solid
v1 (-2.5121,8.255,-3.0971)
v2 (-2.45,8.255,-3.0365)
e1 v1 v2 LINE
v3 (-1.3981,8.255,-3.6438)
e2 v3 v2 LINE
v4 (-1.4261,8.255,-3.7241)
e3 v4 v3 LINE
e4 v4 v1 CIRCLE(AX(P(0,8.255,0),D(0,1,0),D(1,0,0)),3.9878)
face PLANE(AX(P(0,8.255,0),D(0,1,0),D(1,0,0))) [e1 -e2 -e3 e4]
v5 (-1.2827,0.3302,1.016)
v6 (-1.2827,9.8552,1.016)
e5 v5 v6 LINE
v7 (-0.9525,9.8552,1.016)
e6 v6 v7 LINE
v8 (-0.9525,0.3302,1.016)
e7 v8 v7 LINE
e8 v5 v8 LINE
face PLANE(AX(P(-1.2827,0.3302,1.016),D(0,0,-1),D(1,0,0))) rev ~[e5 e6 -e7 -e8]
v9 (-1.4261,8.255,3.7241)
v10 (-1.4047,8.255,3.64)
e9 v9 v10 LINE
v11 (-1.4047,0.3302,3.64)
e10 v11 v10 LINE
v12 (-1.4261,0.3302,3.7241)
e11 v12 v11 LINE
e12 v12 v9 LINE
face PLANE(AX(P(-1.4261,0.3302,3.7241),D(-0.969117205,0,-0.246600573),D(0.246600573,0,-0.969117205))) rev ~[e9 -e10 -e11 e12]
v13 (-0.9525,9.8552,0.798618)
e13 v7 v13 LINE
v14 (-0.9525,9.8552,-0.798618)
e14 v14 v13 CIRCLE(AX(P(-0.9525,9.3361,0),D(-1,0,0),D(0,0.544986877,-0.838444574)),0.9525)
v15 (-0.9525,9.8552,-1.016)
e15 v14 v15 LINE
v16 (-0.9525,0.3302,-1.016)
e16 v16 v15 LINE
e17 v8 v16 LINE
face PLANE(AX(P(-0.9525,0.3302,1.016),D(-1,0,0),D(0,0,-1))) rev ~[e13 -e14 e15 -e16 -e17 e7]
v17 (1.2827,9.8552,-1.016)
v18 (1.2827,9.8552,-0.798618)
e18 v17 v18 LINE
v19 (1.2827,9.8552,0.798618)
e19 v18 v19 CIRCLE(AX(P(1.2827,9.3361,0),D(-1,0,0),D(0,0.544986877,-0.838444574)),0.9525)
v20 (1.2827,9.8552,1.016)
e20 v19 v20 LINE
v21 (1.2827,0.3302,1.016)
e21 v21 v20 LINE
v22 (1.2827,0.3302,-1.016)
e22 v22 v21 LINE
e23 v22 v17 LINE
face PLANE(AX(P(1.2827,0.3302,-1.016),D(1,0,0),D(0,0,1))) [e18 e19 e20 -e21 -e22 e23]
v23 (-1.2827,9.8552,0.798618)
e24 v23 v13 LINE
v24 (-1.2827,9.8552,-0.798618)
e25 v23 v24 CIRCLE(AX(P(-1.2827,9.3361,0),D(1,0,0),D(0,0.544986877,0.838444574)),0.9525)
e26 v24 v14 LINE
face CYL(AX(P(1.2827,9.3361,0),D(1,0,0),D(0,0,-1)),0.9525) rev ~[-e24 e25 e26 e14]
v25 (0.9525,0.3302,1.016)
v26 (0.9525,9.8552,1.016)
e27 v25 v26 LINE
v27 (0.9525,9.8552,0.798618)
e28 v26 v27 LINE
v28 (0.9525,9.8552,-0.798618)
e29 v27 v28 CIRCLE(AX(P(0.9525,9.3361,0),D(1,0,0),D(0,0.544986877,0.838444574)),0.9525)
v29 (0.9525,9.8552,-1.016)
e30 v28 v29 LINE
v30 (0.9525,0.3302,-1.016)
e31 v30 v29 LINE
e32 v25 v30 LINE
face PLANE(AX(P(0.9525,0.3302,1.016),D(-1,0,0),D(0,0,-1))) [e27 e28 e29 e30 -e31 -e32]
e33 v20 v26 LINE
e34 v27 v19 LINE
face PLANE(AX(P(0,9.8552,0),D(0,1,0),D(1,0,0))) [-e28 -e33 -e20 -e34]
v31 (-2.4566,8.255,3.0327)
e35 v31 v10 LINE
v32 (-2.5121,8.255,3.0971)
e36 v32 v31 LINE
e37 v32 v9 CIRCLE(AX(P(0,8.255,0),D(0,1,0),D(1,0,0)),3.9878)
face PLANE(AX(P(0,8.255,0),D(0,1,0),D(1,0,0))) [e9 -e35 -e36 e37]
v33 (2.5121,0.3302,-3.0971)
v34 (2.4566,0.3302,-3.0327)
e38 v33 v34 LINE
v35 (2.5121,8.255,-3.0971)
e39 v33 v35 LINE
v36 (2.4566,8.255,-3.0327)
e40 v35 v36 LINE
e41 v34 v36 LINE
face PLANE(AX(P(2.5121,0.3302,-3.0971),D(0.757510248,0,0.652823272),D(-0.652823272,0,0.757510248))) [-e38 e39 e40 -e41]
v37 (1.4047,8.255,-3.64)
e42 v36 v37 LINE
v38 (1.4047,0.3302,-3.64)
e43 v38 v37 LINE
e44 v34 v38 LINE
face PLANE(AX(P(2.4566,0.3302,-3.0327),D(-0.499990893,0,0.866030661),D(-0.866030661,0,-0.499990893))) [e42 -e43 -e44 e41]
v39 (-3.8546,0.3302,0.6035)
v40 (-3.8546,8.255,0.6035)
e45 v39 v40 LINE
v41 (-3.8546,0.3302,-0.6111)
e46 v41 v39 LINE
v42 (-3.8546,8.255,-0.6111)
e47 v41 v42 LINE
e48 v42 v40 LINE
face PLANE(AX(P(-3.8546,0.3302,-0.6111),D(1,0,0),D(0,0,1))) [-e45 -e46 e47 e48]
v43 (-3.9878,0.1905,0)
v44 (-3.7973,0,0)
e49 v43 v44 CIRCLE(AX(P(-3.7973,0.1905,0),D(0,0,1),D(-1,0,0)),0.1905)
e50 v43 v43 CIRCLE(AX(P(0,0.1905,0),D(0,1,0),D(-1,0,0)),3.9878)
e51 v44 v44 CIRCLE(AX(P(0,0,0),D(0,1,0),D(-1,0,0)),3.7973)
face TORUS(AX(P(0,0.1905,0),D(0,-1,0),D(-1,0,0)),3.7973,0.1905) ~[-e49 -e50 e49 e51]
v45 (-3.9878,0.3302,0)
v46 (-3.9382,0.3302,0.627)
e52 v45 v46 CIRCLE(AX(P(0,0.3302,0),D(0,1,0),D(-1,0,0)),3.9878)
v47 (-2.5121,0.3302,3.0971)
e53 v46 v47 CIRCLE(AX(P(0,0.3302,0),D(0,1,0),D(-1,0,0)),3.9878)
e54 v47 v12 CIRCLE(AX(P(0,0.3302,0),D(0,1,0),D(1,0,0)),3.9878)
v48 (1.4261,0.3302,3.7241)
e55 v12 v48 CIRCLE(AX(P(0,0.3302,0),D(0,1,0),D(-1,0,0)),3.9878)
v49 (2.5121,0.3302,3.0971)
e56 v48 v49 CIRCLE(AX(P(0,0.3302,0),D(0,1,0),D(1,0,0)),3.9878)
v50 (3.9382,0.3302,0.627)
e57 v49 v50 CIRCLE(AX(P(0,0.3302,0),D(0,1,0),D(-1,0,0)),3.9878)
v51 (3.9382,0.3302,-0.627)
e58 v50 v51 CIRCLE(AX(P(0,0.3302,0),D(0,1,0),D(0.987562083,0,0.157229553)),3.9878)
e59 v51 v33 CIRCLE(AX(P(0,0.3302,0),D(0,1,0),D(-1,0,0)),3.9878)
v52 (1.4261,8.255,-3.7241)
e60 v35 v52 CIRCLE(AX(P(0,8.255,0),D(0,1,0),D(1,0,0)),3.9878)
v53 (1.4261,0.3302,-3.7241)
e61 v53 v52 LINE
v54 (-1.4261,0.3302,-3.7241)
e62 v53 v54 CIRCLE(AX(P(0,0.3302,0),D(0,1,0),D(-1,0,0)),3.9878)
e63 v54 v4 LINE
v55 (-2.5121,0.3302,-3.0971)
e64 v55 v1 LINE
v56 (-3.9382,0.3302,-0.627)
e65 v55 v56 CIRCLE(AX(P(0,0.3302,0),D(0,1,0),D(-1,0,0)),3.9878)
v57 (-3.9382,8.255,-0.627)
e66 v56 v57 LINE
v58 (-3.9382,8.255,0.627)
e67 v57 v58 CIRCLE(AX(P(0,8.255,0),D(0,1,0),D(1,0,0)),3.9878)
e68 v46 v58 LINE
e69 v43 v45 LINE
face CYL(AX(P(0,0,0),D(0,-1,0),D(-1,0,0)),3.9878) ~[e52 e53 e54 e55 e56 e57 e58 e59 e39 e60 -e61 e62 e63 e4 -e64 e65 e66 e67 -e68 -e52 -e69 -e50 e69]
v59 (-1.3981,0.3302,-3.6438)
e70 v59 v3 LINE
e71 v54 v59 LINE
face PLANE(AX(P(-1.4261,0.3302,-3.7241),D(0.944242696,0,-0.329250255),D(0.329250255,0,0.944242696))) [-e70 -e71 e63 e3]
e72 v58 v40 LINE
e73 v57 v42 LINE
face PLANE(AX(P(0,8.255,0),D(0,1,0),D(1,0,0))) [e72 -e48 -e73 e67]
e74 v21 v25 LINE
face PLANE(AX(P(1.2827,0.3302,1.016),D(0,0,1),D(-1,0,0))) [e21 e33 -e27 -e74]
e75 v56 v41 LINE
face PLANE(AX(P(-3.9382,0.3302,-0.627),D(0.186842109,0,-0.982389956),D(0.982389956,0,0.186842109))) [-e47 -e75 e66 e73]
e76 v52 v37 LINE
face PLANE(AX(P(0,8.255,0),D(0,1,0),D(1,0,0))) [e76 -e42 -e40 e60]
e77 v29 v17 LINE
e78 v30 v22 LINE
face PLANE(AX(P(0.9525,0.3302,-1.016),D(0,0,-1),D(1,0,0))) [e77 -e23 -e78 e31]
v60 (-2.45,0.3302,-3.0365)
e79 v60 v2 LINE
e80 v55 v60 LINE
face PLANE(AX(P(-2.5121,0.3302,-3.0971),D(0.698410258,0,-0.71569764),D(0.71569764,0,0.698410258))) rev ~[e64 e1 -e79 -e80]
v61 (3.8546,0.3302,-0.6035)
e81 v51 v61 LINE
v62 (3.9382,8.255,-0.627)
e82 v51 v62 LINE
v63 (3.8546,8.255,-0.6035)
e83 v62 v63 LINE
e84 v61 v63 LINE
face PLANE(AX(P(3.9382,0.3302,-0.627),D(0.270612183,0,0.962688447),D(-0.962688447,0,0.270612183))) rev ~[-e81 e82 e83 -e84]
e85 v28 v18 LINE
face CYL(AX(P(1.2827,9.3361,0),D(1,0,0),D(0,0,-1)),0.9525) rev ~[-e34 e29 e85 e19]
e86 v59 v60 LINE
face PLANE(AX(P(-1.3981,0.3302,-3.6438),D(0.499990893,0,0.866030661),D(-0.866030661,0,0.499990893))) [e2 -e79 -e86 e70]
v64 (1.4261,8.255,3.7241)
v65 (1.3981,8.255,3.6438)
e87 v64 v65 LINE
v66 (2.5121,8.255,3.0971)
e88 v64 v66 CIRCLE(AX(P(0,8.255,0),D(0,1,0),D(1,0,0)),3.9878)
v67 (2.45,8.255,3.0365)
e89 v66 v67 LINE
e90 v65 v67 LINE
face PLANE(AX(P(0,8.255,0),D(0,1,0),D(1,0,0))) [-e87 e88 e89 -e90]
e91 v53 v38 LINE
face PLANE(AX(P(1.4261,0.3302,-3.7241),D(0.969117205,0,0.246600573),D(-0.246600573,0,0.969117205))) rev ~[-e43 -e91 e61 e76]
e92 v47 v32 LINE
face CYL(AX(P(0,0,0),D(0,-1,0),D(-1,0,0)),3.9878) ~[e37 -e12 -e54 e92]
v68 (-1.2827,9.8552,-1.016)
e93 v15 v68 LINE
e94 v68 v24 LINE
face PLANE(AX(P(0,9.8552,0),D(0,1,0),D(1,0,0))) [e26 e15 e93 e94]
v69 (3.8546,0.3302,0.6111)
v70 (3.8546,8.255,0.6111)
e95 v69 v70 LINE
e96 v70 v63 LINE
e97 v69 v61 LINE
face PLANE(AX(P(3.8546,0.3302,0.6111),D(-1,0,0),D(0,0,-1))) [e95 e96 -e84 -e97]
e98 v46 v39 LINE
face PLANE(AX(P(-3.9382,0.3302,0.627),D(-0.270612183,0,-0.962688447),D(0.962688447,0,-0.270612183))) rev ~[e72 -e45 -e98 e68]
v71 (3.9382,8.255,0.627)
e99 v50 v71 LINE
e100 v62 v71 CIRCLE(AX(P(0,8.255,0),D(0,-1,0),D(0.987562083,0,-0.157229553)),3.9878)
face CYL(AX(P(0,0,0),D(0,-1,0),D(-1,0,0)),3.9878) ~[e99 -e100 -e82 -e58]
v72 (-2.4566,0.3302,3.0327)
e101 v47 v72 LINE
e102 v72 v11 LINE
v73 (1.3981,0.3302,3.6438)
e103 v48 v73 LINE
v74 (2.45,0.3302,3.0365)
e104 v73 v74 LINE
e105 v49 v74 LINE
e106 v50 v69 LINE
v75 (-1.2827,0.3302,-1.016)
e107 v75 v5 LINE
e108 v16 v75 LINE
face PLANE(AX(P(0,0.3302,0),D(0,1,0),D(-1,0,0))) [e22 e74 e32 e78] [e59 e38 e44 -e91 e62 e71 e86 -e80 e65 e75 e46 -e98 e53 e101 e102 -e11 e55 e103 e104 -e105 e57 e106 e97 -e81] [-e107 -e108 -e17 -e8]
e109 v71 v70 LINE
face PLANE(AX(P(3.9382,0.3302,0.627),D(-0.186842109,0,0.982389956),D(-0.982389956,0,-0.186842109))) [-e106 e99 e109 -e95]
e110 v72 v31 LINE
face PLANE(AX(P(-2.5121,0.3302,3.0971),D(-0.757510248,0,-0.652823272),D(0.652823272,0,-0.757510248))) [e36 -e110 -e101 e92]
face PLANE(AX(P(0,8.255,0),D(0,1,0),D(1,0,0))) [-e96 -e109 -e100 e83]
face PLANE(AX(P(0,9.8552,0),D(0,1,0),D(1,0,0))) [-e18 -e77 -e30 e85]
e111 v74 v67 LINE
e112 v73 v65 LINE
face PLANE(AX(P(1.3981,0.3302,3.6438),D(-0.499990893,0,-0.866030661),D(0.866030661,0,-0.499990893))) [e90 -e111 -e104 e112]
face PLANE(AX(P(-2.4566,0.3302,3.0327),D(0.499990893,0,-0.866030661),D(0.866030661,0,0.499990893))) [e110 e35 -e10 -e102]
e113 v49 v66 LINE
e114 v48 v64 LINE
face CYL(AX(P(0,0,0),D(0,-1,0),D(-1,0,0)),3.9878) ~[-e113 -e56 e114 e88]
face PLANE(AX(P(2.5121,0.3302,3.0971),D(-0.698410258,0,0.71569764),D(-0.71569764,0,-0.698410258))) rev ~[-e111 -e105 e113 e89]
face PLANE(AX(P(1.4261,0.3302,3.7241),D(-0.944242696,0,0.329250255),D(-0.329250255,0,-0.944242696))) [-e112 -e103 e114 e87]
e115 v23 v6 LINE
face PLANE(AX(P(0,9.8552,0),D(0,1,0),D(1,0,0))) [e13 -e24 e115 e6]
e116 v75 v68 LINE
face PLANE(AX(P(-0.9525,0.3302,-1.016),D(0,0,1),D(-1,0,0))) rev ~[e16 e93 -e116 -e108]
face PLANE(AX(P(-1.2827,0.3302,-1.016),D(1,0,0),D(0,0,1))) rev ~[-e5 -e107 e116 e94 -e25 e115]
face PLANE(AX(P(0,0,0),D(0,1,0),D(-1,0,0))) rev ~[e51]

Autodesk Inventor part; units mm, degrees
ref_plane "YZ Plane" through (0, 0, 0) normal (1, 0, 0) x (0, 1, 0)
ref_plane "XZ Plane" through (0, 0, 0) normal (0, 1, 0) x (-1, 0, 0)
ref_plane "XY Plane" through (0, 0, 0) normal (0, 0, 1) x (1, 0, 0)
sketch "Sketch1" plane through (0, 0, 0) normal (0, 1, 0) x (-1, 0, 0)
  circle A0 centre (0, 0) radius 3.9878
  dimension "d0" = 7.9756
extrude "Extrusion1" add sketch "Sketch1" along normal blind 0.3302
sketch "Sketch2" plane through (0, 0.3302, 0) normal (0, 1, 0) x (1, 0, 0)
  circle A0 centre (0, 0) radius 3.9878 projected
  arc A1 (-3.9382, 0.627) -> (-3.9382, -0.627) centre (0, 0) ccw
  line L0 (-3.9382, -0.627) -> (-3.9382, 0.627) construction
  line L1 (-3.9382, -0.627) -> (-2.6841, -0.627) construction
  line L2 (-3.9382, -0.627) -> (-3.8546, -0.6035)
  line L3 (-3.9382, 0.627) -> (-3.8546, 0.6111)
  line L4 (-3.8546, 0.6111) -> (-3.8546, -0.6035)
  line L5 (-2.4566, -3.0327) -> (-1.4047, -3.64)
  arc A2 (-2.5121, -3.0971) -> (-1.4261, -3.7241) centre (0, 0) ccw
  line L6 (-1.4261, -3.7241) -> (-1.4047, -3.64)
  line L7 (-2.5121, -3.0971) -> (-2.4566, -3.0327)
  line L8 (1.3981, -3.6438) -> (2.45, -3.0365)
  arc A3 (1.4261, -3.7241) -> (2.5121, -3.0971) centre (0, 0) ccw
  line L9 (2.5121, -3.0971) -> (2.45, -3.0365)
  line L10 (1.4261, -3.7241) -> (1.3981, -3.6438)
  line L11 (3.8546, -0.6111) -> (3.8546, 0.6035)
  arc A4 (3.9382, -0.627) -> (3.9382, 0.627) centre (0, 0) ccw
  line L12 (3.9382, 0.627) -> (3.8546, 0.6035)
  line L13 (3.9382, -0.627) -> (3.8546, -0.6111)
  line L14 (2.4566, 3.0327) -> (1.4047, 3.64)
  arc A5 (2.5121, 3.0971) -> (1.4261, 3.7241) centre (0, 0) ccw
  line L15 (1.4261, 3.7241) -> (1.4047, 3.64)
  line L16 (2.5121, 3.0971) -> (2.4566, 3.0327)
  line L17 (-1.3981, 3.6438) -> (-2.45, 3.0365)
  arc A6 (-1.4261, 3.7241) -> (-2.5121, 3.0971) centre (0, 0) ccw
  line L18 (-2.5121, 3.0971) -> (-2.45, 3.0365)
  line L19 (-1.4261, 3.7241) -> (-1.3981, 3.6438)
  dimension "d3" = 90
  dimension "d6" = 360
extrude "Extrusion2" add sketch "Sketch2" along normal blind 7.9248 contours A0 L13 L11 L12 | L16 L14 L15 A0 | A0 L10 L8 L9 | L19 L17 L18 A0 | A0 L7 L5 L6 | L3 L4 L2 A0
fillet "Fillet1" radius 0.1905 1 edges at (3.9878, 0, 0)
sketch "Sketch3" plane through (0, 0.3302, 0) normal (0, 1, 0) x (1, 0, 0)
  line L0 (-0.9525, 1.016) -> (-1.2827, 1.016)
  line L1 (-1.2827, 1.016) -> (-1.2827, -1.016)
  line L2 (-1.2827, -1.016) -> (-0.9525, -1.016)
  line L3 (-0.9525, -1.016) -> (-0.9525, 1.016)
  line L4 (0, 2.5556) -> (0, -1.5997)
  line L5 (0.9525, 1.016) -> (1.2827, 1.016)
  line L6 (1.2827, 1.016) -> (1.2827, -1.016)
  line L7 (1.2827, -1.016) -> (0.9525, -1.016)
  line L8 (0.9525, -1.016) -> (0.9525, 1.016)
  point P0 (0, 0)
  dimension "d11" = 0.3302
  dimension "d12" = 2.032
  dimension "d13" = 1.016
  dimension "d14" = 0.9525
extrude "Extrusion3" add sketch "Sketch3" along normal blind 9.525
sketch "Sketch5" plane through (1.2827, 0.3302, 1.016) normal (1, 0, 0) x (0, 0, -1)
  circle A0 centre (1.016, 9.0059) radius 0.9525
  point P0 (1.016, -0.3302)
  dimension "d18" = 1.905
extrude "Extrusion4" cut sketch "Sketch5" against normal through all
properties part number "piston holder thing" material "Aluminum 6061"
